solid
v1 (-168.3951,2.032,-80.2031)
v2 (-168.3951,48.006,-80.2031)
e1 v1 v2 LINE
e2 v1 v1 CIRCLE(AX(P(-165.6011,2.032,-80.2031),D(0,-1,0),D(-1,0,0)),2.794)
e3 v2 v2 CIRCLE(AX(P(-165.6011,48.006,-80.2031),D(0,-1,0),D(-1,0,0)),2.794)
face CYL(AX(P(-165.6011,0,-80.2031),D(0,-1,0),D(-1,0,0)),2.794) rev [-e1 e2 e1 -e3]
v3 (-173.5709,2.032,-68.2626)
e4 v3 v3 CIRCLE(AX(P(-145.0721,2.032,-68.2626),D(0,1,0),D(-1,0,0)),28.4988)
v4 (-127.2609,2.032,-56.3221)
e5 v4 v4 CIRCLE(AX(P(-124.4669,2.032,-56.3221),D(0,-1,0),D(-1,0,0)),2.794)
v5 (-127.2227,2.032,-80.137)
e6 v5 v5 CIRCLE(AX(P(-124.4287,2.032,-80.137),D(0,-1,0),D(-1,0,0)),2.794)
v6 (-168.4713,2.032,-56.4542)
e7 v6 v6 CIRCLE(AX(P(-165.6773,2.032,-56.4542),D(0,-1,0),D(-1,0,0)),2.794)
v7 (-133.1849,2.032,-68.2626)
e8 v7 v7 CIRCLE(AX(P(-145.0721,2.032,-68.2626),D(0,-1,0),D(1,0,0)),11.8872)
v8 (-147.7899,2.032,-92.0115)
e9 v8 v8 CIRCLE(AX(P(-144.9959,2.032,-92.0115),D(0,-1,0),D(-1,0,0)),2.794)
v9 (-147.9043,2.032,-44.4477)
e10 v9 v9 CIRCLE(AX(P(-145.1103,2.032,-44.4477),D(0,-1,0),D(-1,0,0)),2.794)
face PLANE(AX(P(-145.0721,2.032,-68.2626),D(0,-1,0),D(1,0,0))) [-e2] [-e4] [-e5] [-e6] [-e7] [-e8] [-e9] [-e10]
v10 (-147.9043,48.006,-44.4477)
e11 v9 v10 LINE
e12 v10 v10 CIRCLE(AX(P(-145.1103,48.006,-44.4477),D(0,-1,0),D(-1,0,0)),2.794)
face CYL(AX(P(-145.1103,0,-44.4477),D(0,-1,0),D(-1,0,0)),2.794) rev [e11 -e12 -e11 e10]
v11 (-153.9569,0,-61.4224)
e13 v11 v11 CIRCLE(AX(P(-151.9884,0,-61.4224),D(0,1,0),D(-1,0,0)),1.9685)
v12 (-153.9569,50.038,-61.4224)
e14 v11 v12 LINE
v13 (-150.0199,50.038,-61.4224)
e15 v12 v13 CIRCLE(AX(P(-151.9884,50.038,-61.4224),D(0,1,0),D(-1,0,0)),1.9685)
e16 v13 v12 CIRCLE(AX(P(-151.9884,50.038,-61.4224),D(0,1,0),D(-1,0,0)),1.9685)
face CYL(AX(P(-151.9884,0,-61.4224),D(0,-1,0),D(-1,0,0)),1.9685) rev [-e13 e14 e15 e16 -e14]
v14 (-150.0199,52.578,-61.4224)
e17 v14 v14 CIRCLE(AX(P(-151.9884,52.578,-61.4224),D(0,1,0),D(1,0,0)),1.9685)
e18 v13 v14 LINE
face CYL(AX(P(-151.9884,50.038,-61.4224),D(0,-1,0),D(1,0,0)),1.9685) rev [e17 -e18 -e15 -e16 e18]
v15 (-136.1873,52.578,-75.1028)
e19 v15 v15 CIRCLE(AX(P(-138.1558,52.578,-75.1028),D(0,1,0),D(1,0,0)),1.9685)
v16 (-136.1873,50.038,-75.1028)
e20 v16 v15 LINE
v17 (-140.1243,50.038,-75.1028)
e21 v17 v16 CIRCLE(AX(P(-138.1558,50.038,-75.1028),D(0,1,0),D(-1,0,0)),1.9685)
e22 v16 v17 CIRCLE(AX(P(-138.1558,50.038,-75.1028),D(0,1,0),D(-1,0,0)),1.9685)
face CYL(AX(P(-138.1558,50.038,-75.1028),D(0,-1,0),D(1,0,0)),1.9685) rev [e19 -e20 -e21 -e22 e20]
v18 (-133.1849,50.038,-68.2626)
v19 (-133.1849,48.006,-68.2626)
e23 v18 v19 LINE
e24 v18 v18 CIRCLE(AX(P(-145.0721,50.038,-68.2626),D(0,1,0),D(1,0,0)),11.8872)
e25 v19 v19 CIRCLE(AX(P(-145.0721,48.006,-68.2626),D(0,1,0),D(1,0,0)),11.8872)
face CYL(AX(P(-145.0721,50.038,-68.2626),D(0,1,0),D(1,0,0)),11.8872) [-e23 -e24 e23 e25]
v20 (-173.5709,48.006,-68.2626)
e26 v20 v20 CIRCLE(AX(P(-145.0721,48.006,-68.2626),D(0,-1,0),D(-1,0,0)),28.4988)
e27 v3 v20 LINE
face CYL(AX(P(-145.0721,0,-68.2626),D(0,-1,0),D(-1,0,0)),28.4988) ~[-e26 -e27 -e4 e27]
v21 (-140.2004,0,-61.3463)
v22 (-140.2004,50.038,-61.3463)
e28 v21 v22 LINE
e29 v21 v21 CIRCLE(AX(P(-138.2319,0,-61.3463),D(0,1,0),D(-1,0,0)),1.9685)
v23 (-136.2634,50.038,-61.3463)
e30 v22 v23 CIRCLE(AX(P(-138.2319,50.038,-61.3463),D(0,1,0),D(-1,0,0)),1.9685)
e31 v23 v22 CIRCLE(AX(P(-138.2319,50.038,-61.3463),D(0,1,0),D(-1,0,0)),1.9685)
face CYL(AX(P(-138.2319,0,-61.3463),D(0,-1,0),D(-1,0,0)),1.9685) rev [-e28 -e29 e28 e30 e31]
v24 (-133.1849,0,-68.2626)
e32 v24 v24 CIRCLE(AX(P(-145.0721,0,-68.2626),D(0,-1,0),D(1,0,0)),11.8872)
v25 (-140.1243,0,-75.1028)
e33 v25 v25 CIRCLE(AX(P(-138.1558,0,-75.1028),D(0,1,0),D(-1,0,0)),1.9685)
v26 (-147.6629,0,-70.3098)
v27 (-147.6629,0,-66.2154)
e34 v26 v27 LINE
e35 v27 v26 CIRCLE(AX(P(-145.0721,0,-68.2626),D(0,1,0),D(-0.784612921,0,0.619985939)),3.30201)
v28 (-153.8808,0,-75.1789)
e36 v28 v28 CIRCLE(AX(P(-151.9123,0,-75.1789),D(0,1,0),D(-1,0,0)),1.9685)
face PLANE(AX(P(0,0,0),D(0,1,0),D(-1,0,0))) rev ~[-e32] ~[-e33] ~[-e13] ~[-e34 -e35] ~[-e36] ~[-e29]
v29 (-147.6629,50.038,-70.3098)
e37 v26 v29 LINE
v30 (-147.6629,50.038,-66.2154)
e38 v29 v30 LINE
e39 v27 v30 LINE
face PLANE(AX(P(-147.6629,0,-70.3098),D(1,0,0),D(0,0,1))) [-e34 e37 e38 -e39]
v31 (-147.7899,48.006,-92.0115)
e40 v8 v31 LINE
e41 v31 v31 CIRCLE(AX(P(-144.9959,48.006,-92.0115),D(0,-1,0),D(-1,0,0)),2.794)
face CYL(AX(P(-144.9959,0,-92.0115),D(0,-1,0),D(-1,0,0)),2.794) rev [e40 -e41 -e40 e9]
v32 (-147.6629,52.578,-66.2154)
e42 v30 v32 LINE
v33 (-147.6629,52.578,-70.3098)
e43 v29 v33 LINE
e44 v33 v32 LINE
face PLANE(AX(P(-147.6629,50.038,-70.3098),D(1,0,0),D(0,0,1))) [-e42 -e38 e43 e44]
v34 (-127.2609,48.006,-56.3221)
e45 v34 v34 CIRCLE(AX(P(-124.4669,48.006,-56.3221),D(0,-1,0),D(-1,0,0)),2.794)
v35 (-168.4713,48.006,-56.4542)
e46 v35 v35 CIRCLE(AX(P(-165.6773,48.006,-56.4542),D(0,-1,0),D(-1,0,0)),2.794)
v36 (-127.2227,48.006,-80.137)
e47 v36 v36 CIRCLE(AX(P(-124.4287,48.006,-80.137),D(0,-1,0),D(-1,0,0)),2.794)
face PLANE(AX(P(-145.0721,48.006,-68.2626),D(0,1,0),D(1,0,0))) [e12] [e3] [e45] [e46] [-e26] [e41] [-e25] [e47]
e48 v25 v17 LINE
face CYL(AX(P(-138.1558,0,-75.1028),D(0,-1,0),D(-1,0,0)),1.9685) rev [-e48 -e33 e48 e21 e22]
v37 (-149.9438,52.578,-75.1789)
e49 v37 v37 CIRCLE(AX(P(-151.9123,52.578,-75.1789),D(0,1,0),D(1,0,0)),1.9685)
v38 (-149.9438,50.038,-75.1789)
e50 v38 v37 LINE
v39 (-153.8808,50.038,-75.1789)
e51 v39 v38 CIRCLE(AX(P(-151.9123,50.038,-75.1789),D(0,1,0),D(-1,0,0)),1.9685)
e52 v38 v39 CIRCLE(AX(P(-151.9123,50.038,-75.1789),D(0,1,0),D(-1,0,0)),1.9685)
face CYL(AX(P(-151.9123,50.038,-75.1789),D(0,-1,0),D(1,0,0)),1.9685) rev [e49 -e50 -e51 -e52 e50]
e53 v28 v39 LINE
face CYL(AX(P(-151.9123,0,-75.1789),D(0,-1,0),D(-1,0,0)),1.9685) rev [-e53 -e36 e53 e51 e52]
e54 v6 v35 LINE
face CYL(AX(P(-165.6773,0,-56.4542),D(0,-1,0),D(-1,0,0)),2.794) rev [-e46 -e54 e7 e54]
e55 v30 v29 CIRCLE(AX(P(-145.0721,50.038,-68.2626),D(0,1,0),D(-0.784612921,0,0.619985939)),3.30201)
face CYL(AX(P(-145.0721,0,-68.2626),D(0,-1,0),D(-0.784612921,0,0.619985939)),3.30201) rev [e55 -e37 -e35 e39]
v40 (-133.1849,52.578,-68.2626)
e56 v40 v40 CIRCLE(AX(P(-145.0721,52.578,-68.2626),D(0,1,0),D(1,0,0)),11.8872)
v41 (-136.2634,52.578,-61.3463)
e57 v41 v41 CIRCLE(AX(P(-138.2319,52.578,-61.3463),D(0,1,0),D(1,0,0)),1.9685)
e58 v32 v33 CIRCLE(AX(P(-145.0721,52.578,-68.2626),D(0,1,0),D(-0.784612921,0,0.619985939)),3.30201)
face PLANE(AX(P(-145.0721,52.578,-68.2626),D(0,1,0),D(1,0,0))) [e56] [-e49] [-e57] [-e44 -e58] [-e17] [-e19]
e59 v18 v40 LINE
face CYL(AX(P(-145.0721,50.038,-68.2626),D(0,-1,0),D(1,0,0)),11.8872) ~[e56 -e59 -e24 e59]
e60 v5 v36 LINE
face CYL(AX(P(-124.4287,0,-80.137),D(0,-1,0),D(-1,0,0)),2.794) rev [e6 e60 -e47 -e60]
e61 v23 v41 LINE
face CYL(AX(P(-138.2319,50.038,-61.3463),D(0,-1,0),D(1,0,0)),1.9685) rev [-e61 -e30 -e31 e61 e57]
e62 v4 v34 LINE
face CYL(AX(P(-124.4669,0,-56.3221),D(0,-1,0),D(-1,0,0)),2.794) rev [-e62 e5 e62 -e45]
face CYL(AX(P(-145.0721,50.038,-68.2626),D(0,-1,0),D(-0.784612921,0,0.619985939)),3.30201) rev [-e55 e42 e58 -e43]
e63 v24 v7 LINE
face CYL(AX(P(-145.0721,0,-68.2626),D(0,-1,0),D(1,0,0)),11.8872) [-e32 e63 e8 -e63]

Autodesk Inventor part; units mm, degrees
ref_plane "YZ Plane" through (0, 0, 0) normal (1, 0, 0) x (0, 1, 0)
ref_plane "XZ Plane" through (0, 0, 0) normal (0, 1, 0) x (-1, 0, 0)
ref_plane "XY Plane" through (0, 0, 0) normal (0, 0, 1) x (1, 0, 0)
sketch "Sketch1" plane through (0, 0, 0) normal (0, 1, 0) x (-1, 0, 0)
  circle A0 centre (145.0721, -68.2626) radius 28.4988
  arc A1 (147.6629, -66.2154) -> (147.6629, -70.3098) centre (145.0721, -68.2626) ccw
  line L0 (147.6629, -70.3098) -> (147.6629, -66.2154)
  circle A2 centre (144.9959, -92.0115) radius 2.794
  circle A3 centre (145.1103, -44.4477) radius 2.794
  circle A4 centre (165.6011, -80.2031) radius 2.794
  circle A5 centre (124.4669, -56.3221) radius 2.794
  circle A6 centre (165.6773, -56.4542) radius 2.794
  circle A7 centre (124.4287, -80.137) radius 2.794
  circle A8 centre (145.1483, -44.5137) radius 2.794
  circle A9 centre (145.0339, -92.0776) radius 2.794
  circle A10 centre (124.5431, -56.3222) radius 2.794
  circle A11 centre (165.6773, -80.2032) radius 2.794
  circle A12 centre (124.4669, -80.0711) radius 2.794
  circle A13 centre (165.7155, -56.3882) radius 2.794
  circle A14 centre (151.9123, -75.1789) radius 1.9685
  circle A15 centre (151.9884, -61.4224) radius 1.9685
  circle A16 centre (138.2319, -61.3463) radius 1.9685
  circle A17 centre (138.1558, -75.1028) radius 1.9685
  point P0 (0, 0)
  dimension "d1" = 6.604
  dimension "d3" = 5.588
  dimension "d4" = 23.749
  dimension "d7" = 360
  dimension "d9" = 3.937
  dimension "d14" = 360
  dimension "d25" = 2.5908
extrude "Extrusion1" add sketch "Sketch1" along normal blind 50.038 contours A0 | A2 A9 | A3 A8 | A4 A11 | A5 A10 | A6 A13 | A7 A12 picked at (146.4388, -94.4143) picked at (146.5538, -46.8501) picked at (168.4221, -80.4123) picked at (127.2879, -56.5313) picked at (167.123, -54.0531) picked at (125.875, -77.7363)
sketch "Sketch2" plane through (-145.0721, 50.038, -68.2626) normal (0, 1, 0) x (1, 0, 0)
  circle A0 centre (0, 0) radius 11.8872
  circle A1 centre (0, 0) radius 28.4988
  point P0 (145.0721, -68.2626)
  dimension "d18" = 23.7744
extrude "Extrusion2" cut sketch "Sketch2" against normal blind 2.032
sketch "Sketch3" plane through (-145.0721, 0, -68.2626) normal (0, -1, 0) x (1, 0, 0)
  arc A0 (-2.5908, -2.0472) -> (-2.5908, 2.0472) centre (0, 0) ccw projected
  circle A1 centre (0, 0) radius 11.8872
  circle A2 centre (0, 0) radius 28.4988
  point P0 (145.0721, 68.2626)
extrude "Extrusion3" cut sketch "Sketch3" against normal blind 2.032
sketch "Sketch4" plane through (-145.0721, 50.038, -68.2626) normal (0, 1, 0) x (1, 0, 0)
  circle A0 centre (0, 0) radius 11.8872 construction
  circle A1 centre (6.9163, 6.8402) radius 1.9685 construction
  circle A2 centre (-6.8402, 6.9163) radius 1.9685 construction
  circle A3 centre (-6.9163, -6.8402) radius 1.9685 construction
  circle A4 centre (6.8402, -6.9163) radius 1.9685 construction
  arc A5 (-2.5908, -2.0472) -> (-2.5908, 2.0472) centre (0, 0) ccw construction
  line L0 (-2.5908, -2.0472) -> (-2.5908, 2.0472) construction
  arc A6 (-2.5908, -2.0472) -> (-2.5908, 2.0472) centre (0, 0) ccw projected
  arc A7 (-2.5908, -2.0472) -> (-2.5908, 2.0472) centre (0, 0) ccw
  circle A8 centre (0, 0) radius 11.8872
  circle A9 centre (-6.8402, 6.9163) radius 1.9685
  circle A10 centre (6.9163, 6.8402) radius 1.9685 projected
  circle A11 centre (6.9163, 6.8402) radius 1.9685
  circle A12 centre (-6.9163, -6.8402) radius 1.9685
  circle A13 centre (6.8402, -6.9163) radius 1.9685
  line L1 (-2.5908, 2.0472) -> (-2.5908, -2.0472)
  point P0 (145.0721, -68.2626)
  dimension "d26" = 3.302
  dimension "d27" = 2.5908
extrude "Extrusion4" add sketch "Sketch4" along normal blind 2.54
properties part number "wheel insert"
